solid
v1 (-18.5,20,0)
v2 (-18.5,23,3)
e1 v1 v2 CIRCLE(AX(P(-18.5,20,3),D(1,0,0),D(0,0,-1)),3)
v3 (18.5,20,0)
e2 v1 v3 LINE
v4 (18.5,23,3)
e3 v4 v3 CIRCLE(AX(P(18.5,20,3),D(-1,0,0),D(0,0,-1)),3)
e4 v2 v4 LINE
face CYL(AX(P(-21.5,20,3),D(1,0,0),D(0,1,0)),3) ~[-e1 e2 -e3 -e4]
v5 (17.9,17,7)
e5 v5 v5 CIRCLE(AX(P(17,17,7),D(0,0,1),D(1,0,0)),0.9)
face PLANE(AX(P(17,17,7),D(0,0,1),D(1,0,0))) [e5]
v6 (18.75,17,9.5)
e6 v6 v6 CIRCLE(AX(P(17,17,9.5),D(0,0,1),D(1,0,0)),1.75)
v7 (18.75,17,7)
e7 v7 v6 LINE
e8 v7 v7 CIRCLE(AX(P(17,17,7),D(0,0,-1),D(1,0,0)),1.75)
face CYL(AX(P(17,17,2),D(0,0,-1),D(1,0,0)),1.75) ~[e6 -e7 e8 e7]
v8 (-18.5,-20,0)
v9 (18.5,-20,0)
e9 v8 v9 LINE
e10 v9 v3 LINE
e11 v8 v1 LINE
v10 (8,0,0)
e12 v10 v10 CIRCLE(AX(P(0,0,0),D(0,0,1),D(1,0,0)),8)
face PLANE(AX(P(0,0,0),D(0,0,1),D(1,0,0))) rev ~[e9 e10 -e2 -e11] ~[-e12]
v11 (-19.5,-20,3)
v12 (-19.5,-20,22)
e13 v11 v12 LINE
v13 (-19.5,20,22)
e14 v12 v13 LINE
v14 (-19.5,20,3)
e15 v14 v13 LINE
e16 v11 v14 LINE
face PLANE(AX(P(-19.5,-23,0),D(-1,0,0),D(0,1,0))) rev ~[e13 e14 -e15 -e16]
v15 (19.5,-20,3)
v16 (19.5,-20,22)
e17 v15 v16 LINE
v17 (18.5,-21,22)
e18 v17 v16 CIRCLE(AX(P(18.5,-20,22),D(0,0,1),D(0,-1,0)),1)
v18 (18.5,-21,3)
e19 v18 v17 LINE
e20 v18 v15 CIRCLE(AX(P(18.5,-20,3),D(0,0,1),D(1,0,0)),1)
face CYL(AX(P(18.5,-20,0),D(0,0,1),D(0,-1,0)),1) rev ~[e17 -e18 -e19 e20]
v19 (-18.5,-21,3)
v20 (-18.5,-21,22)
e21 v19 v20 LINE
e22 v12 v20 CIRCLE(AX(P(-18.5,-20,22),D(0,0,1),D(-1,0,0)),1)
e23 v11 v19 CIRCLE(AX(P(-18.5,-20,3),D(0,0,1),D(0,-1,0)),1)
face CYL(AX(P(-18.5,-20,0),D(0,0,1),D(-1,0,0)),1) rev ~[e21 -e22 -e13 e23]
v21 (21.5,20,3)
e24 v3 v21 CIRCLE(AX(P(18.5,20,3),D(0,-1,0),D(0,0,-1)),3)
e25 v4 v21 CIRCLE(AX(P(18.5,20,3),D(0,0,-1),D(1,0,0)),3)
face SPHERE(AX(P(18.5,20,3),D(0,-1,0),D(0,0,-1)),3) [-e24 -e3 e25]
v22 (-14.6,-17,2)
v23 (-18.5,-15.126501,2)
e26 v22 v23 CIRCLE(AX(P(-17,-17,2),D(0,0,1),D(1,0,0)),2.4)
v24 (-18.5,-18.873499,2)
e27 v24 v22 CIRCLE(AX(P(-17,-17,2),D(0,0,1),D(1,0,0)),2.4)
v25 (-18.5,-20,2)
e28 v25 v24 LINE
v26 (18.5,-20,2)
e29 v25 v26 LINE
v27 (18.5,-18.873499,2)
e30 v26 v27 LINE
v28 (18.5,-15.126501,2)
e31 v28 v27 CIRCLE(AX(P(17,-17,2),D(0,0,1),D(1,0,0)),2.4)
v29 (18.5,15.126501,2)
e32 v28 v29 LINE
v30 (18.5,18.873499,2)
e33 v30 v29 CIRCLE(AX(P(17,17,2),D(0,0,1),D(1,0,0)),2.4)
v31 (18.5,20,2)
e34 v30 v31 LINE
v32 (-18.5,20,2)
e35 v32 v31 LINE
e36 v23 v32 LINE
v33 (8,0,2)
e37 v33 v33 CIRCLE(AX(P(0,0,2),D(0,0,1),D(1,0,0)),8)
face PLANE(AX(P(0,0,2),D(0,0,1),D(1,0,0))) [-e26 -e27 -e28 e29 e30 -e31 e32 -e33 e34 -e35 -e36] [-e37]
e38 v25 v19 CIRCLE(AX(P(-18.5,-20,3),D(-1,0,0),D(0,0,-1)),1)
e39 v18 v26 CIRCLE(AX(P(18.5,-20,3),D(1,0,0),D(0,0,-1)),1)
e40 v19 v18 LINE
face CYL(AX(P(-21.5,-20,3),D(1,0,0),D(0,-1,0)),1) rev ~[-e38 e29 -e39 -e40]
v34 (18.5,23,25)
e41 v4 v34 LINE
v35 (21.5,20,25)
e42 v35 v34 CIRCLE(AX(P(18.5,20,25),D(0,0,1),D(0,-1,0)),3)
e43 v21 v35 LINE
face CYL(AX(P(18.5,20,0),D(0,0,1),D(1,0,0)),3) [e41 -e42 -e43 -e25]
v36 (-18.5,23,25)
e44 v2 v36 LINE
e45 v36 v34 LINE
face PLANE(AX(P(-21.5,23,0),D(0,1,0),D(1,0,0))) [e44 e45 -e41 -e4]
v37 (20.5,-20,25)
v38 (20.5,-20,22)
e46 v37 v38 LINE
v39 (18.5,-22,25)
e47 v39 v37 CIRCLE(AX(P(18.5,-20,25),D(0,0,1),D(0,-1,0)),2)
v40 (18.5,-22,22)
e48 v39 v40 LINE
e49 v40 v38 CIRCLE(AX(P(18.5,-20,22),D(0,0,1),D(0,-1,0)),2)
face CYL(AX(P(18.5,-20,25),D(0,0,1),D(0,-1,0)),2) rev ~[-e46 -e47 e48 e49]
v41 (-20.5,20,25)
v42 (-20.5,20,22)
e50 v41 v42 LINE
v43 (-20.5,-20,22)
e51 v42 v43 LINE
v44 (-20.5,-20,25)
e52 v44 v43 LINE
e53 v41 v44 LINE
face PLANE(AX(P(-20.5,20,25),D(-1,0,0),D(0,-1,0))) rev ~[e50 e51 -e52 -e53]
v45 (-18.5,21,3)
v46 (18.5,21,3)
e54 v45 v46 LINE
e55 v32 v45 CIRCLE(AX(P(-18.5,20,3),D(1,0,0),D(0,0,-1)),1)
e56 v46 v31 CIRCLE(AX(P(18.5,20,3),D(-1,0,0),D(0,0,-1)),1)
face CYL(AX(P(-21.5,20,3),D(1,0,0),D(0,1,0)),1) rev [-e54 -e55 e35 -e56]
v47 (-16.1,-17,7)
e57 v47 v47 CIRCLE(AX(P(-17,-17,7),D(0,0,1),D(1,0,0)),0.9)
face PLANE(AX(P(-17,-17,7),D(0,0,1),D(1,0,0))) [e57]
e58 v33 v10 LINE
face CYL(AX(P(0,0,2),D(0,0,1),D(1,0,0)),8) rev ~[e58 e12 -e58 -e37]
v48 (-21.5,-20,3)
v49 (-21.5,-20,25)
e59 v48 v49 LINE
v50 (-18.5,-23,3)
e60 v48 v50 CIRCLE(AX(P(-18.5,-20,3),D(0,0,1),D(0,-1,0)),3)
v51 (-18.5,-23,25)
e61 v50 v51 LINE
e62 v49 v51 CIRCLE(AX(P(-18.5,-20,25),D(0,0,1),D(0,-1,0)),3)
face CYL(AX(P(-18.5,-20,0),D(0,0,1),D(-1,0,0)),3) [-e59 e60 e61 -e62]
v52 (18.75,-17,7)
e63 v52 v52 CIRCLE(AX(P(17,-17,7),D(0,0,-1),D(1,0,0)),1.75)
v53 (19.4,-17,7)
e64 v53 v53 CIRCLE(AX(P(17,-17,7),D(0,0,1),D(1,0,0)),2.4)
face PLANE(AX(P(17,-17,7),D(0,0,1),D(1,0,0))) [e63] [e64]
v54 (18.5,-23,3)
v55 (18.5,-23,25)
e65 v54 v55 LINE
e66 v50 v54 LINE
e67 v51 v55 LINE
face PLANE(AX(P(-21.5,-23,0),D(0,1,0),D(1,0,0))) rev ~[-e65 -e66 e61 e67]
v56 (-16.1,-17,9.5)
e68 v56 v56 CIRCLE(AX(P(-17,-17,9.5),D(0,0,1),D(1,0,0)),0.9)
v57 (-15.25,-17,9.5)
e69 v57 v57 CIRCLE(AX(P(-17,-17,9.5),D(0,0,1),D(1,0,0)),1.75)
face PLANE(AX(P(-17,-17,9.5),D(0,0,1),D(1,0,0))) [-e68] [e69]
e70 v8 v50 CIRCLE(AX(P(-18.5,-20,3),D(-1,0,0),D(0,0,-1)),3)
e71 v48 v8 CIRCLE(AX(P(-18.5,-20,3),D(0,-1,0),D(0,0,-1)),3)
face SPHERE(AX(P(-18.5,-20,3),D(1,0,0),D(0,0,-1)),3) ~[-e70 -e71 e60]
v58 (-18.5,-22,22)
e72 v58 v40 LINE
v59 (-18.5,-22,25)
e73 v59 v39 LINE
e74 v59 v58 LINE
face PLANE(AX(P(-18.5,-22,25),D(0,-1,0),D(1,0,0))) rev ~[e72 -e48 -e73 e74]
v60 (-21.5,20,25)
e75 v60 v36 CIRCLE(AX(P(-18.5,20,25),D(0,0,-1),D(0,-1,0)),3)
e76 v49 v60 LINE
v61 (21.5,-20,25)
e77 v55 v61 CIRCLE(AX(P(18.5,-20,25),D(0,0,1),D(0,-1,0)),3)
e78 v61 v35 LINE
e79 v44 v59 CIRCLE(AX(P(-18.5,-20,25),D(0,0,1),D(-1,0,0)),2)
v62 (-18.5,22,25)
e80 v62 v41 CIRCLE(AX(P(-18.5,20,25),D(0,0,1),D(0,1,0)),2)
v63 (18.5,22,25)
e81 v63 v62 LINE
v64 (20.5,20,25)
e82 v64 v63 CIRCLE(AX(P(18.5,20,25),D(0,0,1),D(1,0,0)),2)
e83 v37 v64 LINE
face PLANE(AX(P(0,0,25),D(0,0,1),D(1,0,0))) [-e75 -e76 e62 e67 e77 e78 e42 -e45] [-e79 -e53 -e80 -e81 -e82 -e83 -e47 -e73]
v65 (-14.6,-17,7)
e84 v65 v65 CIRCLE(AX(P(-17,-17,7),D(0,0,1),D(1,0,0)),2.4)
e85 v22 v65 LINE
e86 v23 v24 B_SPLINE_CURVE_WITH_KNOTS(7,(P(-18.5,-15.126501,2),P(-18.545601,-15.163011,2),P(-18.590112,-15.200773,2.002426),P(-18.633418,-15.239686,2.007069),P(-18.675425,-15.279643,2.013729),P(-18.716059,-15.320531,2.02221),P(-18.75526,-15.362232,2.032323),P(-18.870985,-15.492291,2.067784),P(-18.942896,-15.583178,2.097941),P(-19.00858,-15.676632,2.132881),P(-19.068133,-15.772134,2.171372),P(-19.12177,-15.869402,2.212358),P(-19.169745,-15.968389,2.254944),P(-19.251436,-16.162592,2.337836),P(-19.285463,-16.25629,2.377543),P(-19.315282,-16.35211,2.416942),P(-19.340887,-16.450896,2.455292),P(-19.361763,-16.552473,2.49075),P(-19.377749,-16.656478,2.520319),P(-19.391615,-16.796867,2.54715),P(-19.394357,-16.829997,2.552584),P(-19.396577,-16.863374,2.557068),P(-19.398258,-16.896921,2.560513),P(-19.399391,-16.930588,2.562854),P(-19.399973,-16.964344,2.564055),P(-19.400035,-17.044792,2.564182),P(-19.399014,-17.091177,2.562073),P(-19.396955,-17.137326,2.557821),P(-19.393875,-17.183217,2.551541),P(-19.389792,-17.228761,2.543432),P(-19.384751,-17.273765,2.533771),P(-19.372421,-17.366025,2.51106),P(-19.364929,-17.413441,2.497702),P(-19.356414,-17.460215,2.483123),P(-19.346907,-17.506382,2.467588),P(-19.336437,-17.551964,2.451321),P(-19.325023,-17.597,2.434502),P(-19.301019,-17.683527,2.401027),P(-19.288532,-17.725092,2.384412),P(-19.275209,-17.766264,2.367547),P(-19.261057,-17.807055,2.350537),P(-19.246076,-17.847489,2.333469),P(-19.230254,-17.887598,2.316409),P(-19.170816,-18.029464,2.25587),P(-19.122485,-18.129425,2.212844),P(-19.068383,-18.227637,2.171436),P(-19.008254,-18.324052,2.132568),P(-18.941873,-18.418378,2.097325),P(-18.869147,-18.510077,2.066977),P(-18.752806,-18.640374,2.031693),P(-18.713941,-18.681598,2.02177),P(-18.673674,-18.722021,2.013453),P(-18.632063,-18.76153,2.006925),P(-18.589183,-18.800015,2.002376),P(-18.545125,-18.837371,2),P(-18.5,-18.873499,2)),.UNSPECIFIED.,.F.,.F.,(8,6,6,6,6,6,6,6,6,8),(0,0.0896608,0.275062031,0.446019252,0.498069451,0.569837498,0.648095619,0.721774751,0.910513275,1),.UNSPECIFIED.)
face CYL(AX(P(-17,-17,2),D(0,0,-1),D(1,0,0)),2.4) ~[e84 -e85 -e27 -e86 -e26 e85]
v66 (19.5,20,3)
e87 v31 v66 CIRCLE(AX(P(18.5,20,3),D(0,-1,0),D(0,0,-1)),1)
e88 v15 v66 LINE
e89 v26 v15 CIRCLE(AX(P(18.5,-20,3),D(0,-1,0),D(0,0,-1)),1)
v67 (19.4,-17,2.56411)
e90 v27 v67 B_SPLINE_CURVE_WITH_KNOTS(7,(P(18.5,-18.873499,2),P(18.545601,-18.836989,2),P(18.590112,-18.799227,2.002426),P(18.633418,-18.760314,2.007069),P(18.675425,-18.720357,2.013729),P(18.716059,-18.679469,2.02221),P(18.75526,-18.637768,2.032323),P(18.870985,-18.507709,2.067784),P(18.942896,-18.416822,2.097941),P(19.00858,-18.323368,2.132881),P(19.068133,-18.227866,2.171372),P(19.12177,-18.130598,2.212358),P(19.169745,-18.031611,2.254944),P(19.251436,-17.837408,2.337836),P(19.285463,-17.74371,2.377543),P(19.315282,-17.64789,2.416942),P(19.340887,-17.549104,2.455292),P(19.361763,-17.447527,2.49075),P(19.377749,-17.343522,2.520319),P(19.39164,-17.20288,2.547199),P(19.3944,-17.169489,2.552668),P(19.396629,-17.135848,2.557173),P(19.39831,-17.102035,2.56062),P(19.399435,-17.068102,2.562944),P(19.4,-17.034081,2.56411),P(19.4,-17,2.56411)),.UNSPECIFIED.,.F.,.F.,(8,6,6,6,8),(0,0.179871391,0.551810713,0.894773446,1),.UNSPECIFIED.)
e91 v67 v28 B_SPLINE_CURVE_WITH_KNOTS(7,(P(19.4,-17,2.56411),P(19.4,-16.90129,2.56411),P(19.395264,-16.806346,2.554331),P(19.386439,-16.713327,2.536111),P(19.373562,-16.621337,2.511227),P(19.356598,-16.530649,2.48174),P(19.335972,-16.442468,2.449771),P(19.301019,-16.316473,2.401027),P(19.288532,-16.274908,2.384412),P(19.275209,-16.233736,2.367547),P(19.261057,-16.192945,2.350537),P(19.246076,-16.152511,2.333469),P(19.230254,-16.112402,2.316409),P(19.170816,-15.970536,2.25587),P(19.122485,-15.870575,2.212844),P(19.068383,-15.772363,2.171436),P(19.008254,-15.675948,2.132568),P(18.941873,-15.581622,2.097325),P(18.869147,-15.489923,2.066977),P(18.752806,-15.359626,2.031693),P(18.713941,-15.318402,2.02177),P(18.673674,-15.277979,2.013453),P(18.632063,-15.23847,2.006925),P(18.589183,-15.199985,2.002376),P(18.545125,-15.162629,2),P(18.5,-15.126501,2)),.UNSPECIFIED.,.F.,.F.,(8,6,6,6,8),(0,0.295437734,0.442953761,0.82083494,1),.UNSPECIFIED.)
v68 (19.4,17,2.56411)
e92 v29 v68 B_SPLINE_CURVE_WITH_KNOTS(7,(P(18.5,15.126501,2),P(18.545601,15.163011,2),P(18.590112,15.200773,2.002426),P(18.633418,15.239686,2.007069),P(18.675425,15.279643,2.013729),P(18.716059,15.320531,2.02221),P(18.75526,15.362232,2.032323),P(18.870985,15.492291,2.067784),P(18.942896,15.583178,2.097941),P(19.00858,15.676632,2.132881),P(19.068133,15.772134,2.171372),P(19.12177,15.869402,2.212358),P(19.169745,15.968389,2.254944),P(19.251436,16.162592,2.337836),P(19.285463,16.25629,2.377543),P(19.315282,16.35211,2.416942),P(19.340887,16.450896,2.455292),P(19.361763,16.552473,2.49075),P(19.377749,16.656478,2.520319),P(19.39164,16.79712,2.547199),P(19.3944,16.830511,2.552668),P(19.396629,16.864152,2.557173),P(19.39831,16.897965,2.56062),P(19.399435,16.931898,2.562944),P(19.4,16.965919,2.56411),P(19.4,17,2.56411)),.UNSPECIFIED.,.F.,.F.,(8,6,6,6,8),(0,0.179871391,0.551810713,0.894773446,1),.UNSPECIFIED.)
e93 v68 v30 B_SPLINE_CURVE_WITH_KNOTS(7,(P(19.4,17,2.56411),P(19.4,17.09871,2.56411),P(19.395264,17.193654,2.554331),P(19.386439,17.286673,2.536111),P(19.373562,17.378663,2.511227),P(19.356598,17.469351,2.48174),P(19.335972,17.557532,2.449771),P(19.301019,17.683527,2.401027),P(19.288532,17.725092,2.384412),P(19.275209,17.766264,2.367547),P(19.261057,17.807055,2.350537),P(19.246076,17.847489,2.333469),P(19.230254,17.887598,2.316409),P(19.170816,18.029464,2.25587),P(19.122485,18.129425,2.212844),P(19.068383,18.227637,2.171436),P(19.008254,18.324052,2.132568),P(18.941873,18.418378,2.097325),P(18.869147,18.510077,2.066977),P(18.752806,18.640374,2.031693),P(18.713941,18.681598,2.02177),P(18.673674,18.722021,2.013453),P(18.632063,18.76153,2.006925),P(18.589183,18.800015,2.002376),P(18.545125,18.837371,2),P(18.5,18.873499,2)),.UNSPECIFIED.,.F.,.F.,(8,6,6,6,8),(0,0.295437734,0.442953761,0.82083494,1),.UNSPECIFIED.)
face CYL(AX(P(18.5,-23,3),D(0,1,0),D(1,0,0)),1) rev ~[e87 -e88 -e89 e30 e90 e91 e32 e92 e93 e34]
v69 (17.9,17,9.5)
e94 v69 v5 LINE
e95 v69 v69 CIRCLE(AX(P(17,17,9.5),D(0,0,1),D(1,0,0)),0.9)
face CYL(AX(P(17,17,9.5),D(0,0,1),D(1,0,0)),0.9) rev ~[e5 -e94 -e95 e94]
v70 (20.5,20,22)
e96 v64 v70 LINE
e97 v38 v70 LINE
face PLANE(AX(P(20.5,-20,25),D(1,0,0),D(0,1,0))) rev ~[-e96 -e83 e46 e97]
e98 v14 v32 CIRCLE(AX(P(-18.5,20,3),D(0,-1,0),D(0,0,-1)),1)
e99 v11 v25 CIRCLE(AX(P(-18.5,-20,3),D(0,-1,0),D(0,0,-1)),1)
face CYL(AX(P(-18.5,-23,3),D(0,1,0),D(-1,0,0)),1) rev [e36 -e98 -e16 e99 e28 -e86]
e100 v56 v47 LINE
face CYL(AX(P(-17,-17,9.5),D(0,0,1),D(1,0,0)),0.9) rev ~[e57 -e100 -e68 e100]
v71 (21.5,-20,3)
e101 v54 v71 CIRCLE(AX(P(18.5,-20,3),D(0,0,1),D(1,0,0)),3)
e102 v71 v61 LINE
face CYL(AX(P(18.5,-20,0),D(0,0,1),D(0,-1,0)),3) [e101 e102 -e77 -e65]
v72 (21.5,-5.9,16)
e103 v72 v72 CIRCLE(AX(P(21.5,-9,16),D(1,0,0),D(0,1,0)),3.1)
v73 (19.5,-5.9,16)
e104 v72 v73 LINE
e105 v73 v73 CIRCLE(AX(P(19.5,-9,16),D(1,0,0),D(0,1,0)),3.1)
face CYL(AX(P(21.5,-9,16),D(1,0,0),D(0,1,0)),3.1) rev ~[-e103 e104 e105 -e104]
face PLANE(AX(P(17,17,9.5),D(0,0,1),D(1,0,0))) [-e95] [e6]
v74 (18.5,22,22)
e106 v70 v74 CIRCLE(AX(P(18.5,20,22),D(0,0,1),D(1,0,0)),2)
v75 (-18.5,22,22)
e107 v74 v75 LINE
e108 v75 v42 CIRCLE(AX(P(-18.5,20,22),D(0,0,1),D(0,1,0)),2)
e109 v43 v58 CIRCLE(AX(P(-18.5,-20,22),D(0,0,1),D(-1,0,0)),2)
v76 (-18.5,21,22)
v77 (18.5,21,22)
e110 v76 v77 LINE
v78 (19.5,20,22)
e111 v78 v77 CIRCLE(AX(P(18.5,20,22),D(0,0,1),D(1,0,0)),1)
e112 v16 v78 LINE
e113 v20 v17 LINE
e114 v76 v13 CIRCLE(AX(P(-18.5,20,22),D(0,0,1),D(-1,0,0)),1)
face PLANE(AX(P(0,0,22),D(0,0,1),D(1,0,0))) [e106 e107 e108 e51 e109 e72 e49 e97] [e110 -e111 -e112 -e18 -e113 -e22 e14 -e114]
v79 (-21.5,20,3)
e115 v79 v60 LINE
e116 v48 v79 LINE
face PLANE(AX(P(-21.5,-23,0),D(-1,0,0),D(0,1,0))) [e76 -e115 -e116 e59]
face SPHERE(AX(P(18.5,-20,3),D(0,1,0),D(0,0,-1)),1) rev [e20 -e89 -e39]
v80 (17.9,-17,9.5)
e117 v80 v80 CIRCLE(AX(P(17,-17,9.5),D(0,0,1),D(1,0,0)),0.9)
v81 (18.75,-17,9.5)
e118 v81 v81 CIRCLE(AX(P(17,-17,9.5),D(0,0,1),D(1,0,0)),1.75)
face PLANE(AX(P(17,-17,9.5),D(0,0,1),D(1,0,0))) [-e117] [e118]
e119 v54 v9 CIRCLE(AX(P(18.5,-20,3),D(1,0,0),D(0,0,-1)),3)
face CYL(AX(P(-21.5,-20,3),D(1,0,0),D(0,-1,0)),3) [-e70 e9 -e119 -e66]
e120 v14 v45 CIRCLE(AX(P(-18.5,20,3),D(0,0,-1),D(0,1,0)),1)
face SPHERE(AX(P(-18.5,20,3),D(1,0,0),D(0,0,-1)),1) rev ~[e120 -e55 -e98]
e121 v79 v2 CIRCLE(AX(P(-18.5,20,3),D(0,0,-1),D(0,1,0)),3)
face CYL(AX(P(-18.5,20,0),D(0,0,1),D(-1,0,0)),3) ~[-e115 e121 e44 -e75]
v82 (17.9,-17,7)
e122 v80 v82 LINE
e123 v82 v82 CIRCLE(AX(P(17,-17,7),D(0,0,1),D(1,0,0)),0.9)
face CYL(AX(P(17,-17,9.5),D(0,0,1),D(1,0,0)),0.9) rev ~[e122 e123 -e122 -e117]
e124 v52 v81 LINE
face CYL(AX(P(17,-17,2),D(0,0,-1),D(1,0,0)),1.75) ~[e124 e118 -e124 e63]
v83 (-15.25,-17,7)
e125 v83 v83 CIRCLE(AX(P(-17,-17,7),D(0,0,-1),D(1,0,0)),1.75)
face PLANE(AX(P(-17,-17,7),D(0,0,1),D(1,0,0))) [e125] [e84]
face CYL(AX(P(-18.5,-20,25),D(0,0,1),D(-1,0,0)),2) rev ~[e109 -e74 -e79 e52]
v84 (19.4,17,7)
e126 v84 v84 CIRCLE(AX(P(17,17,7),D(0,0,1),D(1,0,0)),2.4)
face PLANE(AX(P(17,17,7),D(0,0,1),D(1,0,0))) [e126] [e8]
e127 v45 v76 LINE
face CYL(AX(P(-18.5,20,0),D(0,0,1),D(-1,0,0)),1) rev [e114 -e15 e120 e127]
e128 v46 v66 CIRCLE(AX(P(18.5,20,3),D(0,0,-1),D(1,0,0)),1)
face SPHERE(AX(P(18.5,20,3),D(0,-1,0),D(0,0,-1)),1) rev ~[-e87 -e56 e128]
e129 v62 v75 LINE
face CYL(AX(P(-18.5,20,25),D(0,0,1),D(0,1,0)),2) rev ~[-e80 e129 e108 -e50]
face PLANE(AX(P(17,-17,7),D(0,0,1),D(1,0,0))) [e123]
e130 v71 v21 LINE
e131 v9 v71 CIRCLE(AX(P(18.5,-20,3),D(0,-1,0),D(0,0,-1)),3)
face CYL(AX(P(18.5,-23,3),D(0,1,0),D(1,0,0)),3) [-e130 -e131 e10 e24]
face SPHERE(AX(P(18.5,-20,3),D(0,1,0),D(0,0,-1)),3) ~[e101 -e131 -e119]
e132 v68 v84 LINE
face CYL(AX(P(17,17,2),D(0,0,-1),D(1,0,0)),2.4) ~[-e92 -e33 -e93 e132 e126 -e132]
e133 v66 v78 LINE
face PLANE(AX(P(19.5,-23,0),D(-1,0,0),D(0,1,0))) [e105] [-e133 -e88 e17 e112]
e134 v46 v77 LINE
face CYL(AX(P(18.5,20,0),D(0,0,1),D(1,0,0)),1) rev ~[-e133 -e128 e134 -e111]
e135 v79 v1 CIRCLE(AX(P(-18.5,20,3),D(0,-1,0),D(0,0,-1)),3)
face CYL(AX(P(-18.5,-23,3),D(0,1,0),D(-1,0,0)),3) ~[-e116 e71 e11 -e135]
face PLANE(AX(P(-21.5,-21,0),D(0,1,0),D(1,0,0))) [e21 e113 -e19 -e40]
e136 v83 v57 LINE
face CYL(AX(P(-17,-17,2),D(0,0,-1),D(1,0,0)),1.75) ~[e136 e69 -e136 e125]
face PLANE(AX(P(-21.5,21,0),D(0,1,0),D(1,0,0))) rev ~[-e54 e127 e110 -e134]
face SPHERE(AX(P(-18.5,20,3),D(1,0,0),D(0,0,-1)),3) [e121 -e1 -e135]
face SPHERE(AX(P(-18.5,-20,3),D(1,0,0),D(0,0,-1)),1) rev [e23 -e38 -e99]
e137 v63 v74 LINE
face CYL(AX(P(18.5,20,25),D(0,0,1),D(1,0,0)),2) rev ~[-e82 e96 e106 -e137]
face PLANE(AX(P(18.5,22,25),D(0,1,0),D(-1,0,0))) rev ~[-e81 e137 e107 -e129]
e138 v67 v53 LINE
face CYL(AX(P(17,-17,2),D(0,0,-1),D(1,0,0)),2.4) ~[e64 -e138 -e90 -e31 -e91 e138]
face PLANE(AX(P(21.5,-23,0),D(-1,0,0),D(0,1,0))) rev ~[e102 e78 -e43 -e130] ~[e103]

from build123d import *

# Parameters (mm, degrees)
F0_W      = 43
F0_H      = 46
F1_DEPTH  = 25
F2_R      = 3
F3_T      = -2
F4_R      = 8
F5_DEPTH  = 2
F6_R      = 3.1
F7_DEPTH  = 2
F8_R      = 1.75
F9_DEPTH  = 7.5
F11_R     = 0.9
F12_DEPTH = 7
F15_DEPTH = 3
F16_R     = 2.4
F17_DEPTH = 5


with BuildPart() as f1:
    # F0 (on Top) → F1 (new body)
    with BuildSketch(Plane.XY):
        Rectangle(F0_W, F0_H)
    extrude(amount=F1_DEPTH)

    # F2
    f2_edges = [f1.edges().sort_by_distance(p)[0] for p in [
        (21.5, 0, 0),
        (0, -23, 0),
        (0, 23, 0),
        (-21.5, 0, 0),
        (21.5, 23, 12.5),
        (21.5, -23, 12.5),
        (-21.5, -23, 12.5),
        (-21.5, 23, 12.5),
    ]]
    fillet(f2_edges, radius=F2_R)

    # F3
    f3_openings = [f1.faces().sort_by_distance(p)[0] for p in [
        (0, 0, 25),
    ]]
    offset(amount=F3_T, openings=f3_openings)

    # F4 (on face) → F5 (cut, through all)
    with BuildSketch(Plane.XY.offset(2)):
        Circle(F4_R)
    extrude(amount=-F5_DEPTH, mode=Mode.SUBTRACT)

    # F6 (on face) → F7 (cut, through all)
    with BuildSketch(Plane.YZ.offset(21.5)):
        with Locations((-9, 16)):
            Circle(F6_R)
    extrude(amount=-F7_DEPTH, mode=Mode.SUBTRACT)

    # F8 (on face) → F9 (join)
    with BuildSketch(Plane.XY.offset(2)):
        with Locations((17, 17)):
            Circle(F8_R)
        with Locations((17, -17)):
            Circle(F8_R)
        with Locations((-17, -17)):
            Circle(F8_R)
    extrude(amount=F9_DEPTH)

    # F11 (on offset) → F12 (cut)
    with BuildSketch(Plane.XY.offset(9.5)):
        with Locations((17, 17)):
            Circle(F11_R)
        with Locations((17, -17)):
            Circle(F11_R)
        with Locations((-17, -17)):
            Circle(F11_R)
    extrude(amount=-F12_DEPTH, mode=Mode.SUBTRACT)

    # F14 (on offset) → F15 (cut)
    with BuildSketch(Plane.XY.offset(25)):
        with BuildLine():
            Line((-18.5, -22), (18.5, -22))
            ThreePointArc((18.5, -22), (19.9142135624, -21.4142135624), (20.5, -20))
            Line((20.5, -20), (20.5, 20))
            ThreePointArc((20.5, 20), (19.9142135624, 21.4142135624), (18.5, 22))
            Line((18.5, 22), (-18.5, 22))
            ThreePointArc((-18.5, 22), (-19.9142135624, 21.4142135624), (-20.5, 20))
            Line((-20.5, 20), (-20.5, -20))
            ThreePointArc((-20.5, -20), (-19.9142135624, -21.4142135624), (-18.5, -22))
        make_face()
    extrude(amount=-F15_DEPTH, mode=Mode.SUBTRACT)

    # F16 (on face) → F17 (join)
    with BuildSketch(Plane.XY.offset(2)):
        with Locations((17, 17)):
            Circle(F16_R)
        with Locations((17, -17)):
            Circle(F16_R)
        with Locations((-17, -17)):
            Circle(F16_R)
    extrude(amount=F17_DEPTH)


solid = f1.part
